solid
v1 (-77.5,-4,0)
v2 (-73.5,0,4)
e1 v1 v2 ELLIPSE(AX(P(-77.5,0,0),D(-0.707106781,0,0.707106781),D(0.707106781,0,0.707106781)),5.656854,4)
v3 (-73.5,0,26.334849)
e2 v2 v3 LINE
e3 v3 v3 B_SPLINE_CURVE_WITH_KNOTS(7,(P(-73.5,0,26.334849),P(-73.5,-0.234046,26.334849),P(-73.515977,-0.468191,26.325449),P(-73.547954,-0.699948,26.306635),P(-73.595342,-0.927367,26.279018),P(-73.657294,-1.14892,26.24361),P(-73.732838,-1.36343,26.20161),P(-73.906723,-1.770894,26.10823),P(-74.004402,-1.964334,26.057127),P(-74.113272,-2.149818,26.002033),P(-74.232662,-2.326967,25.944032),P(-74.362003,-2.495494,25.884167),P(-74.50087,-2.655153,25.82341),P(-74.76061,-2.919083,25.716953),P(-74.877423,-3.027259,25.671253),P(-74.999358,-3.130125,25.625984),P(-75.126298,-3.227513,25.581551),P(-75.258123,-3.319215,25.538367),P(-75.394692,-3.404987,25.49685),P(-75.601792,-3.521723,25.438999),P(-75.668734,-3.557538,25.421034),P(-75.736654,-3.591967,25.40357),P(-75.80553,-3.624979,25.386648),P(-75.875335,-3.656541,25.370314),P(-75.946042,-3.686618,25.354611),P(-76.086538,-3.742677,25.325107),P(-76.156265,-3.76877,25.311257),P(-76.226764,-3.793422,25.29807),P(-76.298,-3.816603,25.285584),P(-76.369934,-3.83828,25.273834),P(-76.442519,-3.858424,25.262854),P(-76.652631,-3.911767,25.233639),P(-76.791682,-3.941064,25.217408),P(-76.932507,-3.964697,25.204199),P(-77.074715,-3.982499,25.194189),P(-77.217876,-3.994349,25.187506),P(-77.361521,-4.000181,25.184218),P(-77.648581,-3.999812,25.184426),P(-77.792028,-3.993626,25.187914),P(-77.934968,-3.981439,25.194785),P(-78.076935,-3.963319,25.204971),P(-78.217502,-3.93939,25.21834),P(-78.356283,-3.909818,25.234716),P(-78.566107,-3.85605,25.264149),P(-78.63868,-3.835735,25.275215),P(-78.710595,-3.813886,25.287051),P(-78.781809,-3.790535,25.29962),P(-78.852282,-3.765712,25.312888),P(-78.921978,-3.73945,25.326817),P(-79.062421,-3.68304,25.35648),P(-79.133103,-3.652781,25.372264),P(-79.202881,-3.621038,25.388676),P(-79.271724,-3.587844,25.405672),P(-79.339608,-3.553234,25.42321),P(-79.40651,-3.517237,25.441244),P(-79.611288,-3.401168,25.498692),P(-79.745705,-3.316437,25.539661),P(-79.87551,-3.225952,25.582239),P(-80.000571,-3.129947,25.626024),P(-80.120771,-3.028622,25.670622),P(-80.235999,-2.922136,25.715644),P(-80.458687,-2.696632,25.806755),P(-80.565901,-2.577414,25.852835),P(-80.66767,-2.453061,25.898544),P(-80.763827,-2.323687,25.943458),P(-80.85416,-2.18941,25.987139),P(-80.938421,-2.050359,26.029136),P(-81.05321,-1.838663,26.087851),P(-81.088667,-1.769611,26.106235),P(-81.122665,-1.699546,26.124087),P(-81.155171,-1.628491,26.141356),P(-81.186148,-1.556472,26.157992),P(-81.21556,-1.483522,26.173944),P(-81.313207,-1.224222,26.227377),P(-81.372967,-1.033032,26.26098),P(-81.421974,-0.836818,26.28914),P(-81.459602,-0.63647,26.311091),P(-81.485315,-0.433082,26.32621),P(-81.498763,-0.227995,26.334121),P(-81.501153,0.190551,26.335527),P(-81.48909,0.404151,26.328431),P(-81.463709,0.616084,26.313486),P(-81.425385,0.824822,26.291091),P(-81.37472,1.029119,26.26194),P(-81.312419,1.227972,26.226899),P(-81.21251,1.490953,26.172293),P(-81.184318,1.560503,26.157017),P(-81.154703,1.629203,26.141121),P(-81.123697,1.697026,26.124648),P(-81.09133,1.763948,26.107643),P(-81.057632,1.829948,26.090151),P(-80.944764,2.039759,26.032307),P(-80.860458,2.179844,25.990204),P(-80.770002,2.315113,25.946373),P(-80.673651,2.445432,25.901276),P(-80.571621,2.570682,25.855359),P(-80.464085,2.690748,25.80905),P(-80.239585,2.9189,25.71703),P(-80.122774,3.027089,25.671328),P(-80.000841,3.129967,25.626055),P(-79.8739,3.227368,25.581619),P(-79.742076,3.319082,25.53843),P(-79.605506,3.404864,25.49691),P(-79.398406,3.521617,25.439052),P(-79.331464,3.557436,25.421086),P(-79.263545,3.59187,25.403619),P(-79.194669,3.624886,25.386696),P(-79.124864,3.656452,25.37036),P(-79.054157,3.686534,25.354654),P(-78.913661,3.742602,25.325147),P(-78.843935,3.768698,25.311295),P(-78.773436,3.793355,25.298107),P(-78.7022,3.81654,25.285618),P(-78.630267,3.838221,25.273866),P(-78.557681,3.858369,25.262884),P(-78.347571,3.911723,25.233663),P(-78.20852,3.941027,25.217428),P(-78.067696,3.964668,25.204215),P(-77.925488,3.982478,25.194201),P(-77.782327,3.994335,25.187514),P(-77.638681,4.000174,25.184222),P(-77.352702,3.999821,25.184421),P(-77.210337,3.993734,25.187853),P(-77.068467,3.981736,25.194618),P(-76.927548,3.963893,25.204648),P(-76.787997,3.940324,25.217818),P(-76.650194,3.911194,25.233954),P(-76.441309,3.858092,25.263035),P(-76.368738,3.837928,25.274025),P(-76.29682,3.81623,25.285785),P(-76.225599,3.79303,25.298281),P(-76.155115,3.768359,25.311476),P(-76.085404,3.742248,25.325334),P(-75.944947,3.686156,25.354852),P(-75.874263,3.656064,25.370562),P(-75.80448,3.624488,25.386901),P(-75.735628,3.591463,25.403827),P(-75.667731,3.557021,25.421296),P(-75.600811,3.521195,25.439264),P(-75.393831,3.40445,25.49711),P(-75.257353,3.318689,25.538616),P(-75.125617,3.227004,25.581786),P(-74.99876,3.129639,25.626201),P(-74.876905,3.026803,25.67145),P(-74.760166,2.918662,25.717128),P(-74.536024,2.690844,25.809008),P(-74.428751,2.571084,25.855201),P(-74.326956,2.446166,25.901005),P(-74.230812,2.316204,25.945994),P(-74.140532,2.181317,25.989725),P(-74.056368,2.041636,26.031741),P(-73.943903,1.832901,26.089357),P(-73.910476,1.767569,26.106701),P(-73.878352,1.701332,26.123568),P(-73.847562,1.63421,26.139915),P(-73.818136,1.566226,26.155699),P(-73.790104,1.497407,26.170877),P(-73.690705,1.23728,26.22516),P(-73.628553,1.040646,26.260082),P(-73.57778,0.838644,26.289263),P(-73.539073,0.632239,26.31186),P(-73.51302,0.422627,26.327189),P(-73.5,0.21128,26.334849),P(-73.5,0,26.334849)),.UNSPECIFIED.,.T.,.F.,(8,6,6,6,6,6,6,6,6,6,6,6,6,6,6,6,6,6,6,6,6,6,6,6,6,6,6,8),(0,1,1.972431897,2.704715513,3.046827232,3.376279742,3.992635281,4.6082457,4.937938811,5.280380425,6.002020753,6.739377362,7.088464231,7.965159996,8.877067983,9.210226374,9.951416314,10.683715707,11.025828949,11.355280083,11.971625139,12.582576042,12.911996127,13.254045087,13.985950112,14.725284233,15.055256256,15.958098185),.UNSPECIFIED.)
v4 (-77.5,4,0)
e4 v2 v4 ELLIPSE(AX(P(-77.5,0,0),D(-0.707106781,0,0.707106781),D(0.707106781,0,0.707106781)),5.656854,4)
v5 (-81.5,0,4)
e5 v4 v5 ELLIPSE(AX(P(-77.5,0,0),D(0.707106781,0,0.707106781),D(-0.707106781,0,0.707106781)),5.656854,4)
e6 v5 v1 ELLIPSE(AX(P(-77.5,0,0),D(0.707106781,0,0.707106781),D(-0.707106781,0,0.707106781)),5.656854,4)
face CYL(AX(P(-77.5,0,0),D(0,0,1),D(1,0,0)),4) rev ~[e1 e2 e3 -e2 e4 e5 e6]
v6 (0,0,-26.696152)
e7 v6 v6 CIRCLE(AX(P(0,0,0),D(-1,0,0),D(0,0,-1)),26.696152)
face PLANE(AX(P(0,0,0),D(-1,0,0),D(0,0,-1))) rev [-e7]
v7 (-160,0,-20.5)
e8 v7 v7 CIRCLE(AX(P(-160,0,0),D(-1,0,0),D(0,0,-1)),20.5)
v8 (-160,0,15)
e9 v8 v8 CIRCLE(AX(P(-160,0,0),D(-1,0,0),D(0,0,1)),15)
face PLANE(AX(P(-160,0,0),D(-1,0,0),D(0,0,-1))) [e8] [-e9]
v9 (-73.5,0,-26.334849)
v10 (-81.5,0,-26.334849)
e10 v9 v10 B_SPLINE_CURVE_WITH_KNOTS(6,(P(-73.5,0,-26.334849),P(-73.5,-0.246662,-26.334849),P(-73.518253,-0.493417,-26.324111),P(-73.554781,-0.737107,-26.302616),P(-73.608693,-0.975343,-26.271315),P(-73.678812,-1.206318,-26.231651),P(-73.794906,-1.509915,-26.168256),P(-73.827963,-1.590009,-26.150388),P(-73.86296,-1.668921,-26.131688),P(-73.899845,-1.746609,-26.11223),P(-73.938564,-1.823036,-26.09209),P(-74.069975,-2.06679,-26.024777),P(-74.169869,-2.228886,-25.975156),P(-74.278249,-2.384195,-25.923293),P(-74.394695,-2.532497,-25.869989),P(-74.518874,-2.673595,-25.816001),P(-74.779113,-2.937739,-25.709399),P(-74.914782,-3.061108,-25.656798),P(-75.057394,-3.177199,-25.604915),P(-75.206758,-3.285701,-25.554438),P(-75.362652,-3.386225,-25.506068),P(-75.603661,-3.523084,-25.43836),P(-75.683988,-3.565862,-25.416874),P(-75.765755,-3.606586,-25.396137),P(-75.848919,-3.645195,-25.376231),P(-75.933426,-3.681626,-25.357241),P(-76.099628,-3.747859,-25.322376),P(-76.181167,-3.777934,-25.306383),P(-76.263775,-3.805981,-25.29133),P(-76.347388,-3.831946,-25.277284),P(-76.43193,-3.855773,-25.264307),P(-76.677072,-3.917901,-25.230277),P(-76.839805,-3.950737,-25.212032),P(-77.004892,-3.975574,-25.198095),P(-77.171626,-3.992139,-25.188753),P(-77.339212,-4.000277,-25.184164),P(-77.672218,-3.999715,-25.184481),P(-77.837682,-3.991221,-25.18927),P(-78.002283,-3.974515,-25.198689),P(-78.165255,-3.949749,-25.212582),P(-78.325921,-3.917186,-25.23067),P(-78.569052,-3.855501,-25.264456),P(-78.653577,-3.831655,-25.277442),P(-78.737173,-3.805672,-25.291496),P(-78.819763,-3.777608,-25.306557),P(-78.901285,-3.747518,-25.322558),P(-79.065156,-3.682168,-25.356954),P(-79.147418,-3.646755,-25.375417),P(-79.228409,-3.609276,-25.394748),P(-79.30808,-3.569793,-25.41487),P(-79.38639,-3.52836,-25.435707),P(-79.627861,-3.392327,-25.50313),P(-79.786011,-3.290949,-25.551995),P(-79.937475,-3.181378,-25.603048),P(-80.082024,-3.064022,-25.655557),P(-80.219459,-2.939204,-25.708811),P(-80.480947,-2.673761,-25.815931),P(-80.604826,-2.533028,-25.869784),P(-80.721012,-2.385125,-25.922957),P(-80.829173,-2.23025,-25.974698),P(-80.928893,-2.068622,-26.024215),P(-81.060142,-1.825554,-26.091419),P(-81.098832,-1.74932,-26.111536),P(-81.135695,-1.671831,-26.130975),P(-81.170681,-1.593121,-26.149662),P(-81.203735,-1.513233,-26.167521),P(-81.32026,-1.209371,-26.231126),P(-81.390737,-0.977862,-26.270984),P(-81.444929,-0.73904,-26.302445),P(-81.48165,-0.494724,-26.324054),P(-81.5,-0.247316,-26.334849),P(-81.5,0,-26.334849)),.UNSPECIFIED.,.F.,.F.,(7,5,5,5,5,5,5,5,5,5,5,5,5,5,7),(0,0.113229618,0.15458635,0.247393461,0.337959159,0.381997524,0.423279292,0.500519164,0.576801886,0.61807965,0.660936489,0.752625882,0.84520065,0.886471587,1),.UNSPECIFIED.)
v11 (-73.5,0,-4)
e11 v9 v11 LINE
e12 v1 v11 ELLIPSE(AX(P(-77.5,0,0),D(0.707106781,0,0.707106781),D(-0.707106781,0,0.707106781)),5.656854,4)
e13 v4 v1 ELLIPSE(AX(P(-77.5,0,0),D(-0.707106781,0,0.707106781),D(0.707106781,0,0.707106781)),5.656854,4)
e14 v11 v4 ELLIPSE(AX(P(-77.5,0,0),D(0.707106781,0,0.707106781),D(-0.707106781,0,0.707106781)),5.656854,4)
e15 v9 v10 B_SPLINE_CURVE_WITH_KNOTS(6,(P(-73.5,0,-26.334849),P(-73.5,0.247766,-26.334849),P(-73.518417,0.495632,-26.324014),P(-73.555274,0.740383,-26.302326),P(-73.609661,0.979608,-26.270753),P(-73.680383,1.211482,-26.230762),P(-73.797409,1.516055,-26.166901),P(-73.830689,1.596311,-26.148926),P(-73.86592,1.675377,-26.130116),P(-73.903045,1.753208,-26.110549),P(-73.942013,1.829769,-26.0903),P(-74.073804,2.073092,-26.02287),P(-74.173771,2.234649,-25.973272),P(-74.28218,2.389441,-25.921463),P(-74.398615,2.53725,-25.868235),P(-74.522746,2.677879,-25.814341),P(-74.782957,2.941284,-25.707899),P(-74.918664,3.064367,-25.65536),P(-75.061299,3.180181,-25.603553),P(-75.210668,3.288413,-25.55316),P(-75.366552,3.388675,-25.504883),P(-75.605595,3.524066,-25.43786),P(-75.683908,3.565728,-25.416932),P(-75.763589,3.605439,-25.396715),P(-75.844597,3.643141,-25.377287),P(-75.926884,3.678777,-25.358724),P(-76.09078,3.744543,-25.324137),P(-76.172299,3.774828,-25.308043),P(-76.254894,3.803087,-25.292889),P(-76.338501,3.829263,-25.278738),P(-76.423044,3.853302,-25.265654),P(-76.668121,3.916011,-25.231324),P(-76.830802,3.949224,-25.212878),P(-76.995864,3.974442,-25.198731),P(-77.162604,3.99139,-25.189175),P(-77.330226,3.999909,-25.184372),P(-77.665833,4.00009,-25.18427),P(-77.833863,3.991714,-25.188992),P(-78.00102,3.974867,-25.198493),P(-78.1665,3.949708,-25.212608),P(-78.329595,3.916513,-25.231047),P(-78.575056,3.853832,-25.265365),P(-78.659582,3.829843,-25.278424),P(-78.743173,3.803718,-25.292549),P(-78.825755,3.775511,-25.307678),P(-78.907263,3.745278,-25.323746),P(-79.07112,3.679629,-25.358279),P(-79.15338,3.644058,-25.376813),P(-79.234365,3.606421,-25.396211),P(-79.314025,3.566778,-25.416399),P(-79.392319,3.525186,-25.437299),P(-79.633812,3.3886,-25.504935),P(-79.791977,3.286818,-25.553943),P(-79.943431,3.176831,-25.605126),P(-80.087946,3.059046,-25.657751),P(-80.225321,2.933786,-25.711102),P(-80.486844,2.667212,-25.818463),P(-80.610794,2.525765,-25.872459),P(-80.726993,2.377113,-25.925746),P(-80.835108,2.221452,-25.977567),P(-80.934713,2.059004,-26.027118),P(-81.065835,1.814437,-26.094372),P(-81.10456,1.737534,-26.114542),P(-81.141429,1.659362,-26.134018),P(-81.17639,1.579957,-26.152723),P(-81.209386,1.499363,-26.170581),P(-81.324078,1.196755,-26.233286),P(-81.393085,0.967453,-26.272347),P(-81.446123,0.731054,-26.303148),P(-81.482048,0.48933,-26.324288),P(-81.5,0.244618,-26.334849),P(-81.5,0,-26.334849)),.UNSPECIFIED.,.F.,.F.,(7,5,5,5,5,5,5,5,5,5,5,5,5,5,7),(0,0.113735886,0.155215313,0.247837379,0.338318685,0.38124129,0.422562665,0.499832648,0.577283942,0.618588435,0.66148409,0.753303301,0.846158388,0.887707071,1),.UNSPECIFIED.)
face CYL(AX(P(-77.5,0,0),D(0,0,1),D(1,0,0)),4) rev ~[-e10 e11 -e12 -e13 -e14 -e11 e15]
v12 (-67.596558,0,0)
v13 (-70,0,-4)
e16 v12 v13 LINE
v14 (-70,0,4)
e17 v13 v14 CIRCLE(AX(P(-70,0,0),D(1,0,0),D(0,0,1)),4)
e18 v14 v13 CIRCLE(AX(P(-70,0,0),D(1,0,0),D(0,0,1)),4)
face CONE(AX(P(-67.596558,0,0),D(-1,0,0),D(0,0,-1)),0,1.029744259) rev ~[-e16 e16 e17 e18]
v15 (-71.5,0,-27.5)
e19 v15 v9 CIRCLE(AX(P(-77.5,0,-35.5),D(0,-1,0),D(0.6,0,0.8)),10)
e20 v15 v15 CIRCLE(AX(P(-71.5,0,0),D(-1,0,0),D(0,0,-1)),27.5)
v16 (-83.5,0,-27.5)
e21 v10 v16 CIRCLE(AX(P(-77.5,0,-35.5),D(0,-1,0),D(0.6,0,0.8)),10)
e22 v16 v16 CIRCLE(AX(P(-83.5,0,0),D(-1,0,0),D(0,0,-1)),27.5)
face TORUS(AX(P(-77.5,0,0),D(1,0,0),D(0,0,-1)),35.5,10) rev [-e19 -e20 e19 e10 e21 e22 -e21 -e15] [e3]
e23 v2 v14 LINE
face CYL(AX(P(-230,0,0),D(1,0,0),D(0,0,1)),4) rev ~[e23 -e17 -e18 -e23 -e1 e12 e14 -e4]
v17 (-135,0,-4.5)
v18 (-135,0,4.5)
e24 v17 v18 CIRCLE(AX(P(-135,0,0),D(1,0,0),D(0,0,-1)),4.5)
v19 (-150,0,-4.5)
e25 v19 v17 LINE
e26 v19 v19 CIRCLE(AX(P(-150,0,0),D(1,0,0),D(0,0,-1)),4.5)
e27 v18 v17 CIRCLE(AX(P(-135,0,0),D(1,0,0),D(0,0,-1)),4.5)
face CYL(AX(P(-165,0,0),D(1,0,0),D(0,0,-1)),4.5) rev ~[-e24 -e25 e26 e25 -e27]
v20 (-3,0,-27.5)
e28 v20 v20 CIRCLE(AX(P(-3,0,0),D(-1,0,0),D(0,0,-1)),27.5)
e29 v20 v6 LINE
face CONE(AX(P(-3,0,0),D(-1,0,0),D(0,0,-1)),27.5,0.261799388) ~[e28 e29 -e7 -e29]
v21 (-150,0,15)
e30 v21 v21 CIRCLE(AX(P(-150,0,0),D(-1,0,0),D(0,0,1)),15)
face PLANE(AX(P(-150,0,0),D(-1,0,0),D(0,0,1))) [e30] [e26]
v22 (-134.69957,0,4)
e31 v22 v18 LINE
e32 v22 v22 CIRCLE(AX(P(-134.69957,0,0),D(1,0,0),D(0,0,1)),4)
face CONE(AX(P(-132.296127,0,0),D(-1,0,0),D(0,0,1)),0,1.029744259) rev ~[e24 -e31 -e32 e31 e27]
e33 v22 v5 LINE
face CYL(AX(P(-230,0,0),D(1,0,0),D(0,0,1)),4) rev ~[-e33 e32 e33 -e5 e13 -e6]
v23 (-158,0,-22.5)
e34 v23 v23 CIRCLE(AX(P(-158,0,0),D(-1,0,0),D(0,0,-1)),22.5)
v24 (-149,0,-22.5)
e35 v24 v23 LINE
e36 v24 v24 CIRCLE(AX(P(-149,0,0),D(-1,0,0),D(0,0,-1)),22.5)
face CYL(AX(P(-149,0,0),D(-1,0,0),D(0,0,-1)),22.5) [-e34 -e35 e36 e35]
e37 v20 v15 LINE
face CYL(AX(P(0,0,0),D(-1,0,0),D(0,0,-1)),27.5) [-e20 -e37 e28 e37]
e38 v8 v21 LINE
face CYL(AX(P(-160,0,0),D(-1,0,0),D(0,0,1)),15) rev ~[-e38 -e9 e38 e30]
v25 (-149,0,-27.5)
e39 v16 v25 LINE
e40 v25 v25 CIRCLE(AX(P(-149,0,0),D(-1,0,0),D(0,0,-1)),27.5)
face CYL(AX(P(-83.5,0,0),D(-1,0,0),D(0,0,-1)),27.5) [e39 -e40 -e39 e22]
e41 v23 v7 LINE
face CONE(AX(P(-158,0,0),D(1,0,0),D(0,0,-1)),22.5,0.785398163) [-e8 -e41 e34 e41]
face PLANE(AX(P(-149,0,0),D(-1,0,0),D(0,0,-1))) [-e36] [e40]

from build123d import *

# Parameters (mm, degrees)
SKETCH_2_R                = 4
CUT_EXTRUDE_1_DEPTH       = 30
CHAMFER_1_SIZE            = 2
CHAMFER_2_SIZE            = 3
CHAMFER_2_SIZE2           = 0.803847577
SKETCH_6_R                = 15
CUT_EXTRUDE_3_DEPTH       = 10
HOLE_WIZARD_8_0_8_1_D     = 8
HOLE_WIZARD_8_0_8_1_DEPTH = 80
HOLE_WIZARD_8_0_8_1_TIP   = 2.403442476
M10X1_0_1_D               = 9
M10X1_0_1_DEPTH           = 15
M10X1_0_1_TIP             = 2.703872786


with BuildPart() as part:
    # 草图1 → 旋转1 (revolve)
    with BuildSketch(Plane.XY, mode=Mode.PRIVATE) as revolve_1_sk:
        with BuildLine():
            Line((0, 0), (0, 27.5))
            Line((0, 27.5), (-71.5, 27.5))
            ThreePointArc((-71.5, 27.5), (-77.5, 25.5), (-83.5, 27.5))
            Line((-83.5, 27.5), (-149, 27.5))
            Line((-149, 27.5), (-149, 22.5))
            Line((-149, 22.5), (-160, 22.5))
            Line((-160, 22.5), (-160, 0))
            Line((-160, 0), (0, 0))
        make_face()
    revolve(revolve_1_sk.sketch.rotate(Axis((0, 0, 0), (-1, 0, 0)), 90), axis=Axis((0, 0, 0), (-1, 0, 0)))

    # 草图2 → 切除-拉伸1 (cut, symmetric)
    with BuildSketch(Plane.XY):
        with Locations((-77.5, 0)):
            Circle(SKETCH_2_R)
    extrude(amount=CUT_EXTRUDE_1_DEPTH, both=True, mode=Mode.SUBTRACT)

    # 倒角1
    chamfer_1_edges = [part.edges().sort_by_distance(p)[0] for p in [
        (-160, 0, 22.5),
    ]]
    chamfer(chamfer_1_edges, length=CHAMFER_1_SIZE)

    # 倒角2
    chamfer_2_edges = [part.edges().sort_by_distance(p)[0] for p in [
        (0, 0, 27.5),
    ]]
    chamfer_2_side = [part.faces().sort_by_distance(p)[0] for p in [
        (-35.75, 0, 27.5),
    ]]
    chamfer(chamfer_2_edges, length=CHAMFER_2_SIZE, length2=CHAMFER_2_SIZE2, reference=chamfer_2_side[0])

    # 草图6 → 切除-拉伸3 (cut)
    with BuildSketch(Plane.ZY.offset(160)):
        Circle(SKETCH_6_R)
    extrude(amount=-CUT_EXTRUDE_3_DEPTH, mode=Mode.SUBTRACT)

    # Ø8.0 (8) 直径孔1
    with Locations(Plane(origin=(-150, 0, 0), x_dir=(0, 0, -1), z_dir=(-1, 0, 0))):
        with Locations((0, 0)):
            Hole(HOLE_WIZARD_8_0_8_1_D / 2, depth=HOLE_WIZARD_8_0_8_1_DEPTH)
            with Locations((0, 0, -(HOLE_WIZARD_8_0_8_1_DEPTH + HOLE_WIZARD_8_0_8_1_TIP / 2))):  # 118° drill point
                Cone(0, HOLE_WIZARD_8_0_8_1_D / 2, HOLE_WIZARD_8_0_8_1_TIP, mode=Mode.SUBTRACT)

    # M10x1.0 螺纹孔1
    with Locations(Plane.ZY.offset(150)):
        with Locations((0, 0)):
            Hole(M10X1_0_1_D / 2, depth=M10X1_0_1_DEPTH)
            with Locations((0, 0, -(M10X1_0_1_DEPTH + M10X1_0_1_TIP / 2))):  # 118° drill point
                Cone(0, M10X1_0_1_D / 2, M10X1_0_1_TIP, mode=Mode.SUBTRACT)


solid = part.part
